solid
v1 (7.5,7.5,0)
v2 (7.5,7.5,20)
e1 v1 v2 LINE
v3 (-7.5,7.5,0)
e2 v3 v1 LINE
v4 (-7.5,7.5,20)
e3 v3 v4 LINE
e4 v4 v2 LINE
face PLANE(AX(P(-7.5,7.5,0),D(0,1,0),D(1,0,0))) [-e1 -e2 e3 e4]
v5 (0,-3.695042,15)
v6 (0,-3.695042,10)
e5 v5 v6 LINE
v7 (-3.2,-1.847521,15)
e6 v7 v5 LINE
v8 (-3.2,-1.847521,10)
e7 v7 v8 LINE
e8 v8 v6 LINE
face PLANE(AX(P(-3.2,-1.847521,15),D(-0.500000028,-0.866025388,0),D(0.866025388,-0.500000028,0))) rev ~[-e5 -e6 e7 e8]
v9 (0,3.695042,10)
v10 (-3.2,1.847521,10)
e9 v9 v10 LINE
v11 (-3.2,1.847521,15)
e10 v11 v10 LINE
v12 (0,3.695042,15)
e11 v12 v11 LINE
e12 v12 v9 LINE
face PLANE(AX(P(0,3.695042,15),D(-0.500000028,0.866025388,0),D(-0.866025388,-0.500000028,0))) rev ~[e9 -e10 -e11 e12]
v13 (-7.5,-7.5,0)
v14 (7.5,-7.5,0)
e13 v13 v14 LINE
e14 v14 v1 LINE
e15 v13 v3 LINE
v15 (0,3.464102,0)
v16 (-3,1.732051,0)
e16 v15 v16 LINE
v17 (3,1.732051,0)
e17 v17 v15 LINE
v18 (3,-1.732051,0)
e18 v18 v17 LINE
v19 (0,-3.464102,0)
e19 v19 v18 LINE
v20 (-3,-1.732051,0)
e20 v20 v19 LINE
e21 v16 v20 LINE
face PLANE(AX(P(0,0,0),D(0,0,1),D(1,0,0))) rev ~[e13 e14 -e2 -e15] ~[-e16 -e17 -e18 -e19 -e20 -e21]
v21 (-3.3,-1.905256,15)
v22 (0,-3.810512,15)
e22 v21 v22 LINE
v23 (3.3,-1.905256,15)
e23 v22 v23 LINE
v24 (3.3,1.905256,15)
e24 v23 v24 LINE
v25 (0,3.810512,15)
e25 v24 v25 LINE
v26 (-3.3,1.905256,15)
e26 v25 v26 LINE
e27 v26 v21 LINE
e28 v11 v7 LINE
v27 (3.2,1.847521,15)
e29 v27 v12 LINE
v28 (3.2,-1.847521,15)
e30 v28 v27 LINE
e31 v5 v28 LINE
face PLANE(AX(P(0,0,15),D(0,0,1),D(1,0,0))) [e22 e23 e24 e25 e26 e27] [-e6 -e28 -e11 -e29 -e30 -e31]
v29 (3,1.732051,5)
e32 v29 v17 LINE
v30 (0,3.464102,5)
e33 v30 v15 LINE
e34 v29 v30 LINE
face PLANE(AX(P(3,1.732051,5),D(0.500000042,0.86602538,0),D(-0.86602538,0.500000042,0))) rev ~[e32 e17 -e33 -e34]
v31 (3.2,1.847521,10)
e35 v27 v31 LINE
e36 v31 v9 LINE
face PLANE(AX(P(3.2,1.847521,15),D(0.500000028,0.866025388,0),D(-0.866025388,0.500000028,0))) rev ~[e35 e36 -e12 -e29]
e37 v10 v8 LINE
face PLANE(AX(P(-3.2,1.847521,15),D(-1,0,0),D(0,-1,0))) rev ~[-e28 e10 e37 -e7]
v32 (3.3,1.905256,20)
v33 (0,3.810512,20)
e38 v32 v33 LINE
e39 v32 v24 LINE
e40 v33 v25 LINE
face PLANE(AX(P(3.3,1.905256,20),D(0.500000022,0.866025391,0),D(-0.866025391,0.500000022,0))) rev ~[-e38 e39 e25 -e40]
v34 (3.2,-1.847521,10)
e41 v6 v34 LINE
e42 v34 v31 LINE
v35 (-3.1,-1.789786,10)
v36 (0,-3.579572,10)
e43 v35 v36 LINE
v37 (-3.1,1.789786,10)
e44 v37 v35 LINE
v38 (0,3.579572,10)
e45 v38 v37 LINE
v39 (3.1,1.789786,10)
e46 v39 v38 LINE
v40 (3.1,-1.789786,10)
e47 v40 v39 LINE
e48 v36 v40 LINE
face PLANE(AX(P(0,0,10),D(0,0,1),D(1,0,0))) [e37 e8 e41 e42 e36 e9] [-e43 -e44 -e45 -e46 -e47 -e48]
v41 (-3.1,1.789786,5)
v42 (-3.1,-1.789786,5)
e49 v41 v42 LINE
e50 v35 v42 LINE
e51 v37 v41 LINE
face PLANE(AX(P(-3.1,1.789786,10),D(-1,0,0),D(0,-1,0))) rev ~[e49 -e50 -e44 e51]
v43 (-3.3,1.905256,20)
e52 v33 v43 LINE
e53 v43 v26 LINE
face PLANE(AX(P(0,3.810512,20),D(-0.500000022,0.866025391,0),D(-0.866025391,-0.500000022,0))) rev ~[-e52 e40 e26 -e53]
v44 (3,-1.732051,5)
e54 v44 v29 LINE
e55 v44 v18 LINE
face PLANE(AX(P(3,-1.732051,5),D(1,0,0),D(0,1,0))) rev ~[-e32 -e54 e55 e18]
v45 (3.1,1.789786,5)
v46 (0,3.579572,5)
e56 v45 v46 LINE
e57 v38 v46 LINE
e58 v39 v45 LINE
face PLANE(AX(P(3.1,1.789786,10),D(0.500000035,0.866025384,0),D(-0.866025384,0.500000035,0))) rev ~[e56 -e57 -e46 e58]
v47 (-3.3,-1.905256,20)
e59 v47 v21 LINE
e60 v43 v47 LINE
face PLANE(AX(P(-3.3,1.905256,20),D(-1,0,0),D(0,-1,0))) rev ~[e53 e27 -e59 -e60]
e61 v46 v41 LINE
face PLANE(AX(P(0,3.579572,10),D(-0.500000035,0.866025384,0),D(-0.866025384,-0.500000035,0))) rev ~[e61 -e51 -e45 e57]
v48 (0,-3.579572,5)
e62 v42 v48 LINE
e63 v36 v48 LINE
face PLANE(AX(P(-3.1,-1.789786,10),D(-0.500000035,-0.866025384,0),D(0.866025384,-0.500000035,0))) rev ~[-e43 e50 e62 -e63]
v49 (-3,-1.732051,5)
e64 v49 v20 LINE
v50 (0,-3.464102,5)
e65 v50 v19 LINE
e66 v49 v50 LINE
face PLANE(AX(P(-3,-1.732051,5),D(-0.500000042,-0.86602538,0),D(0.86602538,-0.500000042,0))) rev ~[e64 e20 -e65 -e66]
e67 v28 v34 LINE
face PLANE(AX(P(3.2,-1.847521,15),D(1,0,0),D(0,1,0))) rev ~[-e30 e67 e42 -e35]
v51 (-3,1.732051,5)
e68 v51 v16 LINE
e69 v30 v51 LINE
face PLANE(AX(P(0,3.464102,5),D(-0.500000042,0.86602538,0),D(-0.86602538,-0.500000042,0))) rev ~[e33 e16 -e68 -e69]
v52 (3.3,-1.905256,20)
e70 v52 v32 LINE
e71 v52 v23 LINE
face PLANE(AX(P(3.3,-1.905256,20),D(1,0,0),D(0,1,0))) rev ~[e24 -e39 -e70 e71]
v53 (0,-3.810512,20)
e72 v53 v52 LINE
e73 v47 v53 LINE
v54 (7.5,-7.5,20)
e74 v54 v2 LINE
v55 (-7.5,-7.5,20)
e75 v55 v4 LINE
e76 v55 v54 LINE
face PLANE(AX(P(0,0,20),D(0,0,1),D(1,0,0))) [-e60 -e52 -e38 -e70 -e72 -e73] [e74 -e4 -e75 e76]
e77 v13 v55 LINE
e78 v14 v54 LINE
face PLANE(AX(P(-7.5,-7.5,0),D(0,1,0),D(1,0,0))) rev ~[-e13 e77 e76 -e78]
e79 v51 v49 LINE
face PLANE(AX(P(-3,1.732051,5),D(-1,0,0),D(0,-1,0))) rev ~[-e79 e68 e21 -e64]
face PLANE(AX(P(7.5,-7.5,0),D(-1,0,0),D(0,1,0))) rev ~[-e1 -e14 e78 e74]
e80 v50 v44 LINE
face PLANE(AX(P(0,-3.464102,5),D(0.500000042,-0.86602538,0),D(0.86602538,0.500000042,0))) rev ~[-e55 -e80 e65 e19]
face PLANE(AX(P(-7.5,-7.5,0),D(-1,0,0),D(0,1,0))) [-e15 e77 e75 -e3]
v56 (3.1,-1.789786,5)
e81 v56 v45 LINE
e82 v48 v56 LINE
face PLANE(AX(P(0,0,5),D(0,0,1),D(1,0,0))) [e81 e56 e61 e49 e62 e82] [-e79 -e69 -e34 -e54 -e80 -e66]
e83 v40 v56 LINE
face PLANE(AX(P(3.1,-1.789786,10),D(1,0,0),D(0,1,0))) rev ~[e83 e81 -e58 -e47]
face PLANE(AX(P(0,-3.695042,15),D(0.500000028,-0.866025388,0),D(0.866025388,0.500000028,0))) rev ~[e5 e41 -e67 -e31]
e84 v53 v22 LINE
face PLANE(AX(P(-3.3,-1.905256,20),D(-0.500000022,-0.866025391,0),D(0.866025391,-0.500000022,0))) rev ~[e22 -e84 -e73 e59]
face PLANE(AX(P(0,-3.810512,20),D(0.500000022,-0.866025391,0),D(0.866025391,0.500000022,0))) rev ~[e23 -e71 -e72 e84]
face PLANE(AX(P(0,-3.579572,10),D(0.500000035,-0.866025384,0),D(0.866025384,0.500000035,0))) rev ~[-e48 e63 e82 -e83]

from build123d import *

# Parameters (mm, degrees)
F0_W     = 15
F0_H     = 15
F1_DEPTH = 20
F3_DEPTH = 5
F5_DEPTH = 5
F7_DEPTH = 5
F9_DEPTH = 5


with BuildPart() as f1:
    # F0 (on Top) → F1 (new body)
    with BuildSketch(Plane.XY):
        Rectangle(F0_W, F0_H)
    extrude(amount=F1_DEPTH)

    # F2 (on face) → F3 (cut)
    with BuildSketch(Plane.XY.offset(20)):
        Polygon((3.3, -1.905256), (3.3, 1.905256), (0, 3.810512), (-3.3, 1.905256), (-3.3, -1.905256), (0, -3.810512), align=None)
    extrude(amount=-F3_DEPTH, mode=Mode.SUBTRACT)

    # F4 (on face) → F5 (cut)
    with BuildSketch(Plane.XY.offset(15)):
        Polygon((3.2, -1.847521), (3.2, 1.847521), (0, 3.695042), (-3.2, 1.847521), (-3.2, -1.847521), (0, -3.695042), align=None)
    extrude(amount=-F5_DEPTH, mode=Mode.SUBTRACT)

    # F6 (on face) → F7 (cut)
    with BuildSketch(Plane.XY.offset(10)):
        Polygon((3.1, -1.789786), (3.1, 1.789786), (0, 3.579572), (-3.1, 1.789786), (-3.1, -1.789786), (0, -3.579572), align=None)
    extrude(amount=-F7_DEPTH, mode=Mode.SUBTRACT)

    # F8 (on face) → F9 (cut)
    with BuildSketch(Plane.XY.offset(5)):
        Polygon((3, -1.732051), (3, 1.732051), (0, 3.464102), (-3, 1.732051), (-3, -1.732051), (0, -3.464102), align=None)
    extrude(amount=-F9_DEPTH, mode=Mode.SUBTRACT)


solid = f1.part
